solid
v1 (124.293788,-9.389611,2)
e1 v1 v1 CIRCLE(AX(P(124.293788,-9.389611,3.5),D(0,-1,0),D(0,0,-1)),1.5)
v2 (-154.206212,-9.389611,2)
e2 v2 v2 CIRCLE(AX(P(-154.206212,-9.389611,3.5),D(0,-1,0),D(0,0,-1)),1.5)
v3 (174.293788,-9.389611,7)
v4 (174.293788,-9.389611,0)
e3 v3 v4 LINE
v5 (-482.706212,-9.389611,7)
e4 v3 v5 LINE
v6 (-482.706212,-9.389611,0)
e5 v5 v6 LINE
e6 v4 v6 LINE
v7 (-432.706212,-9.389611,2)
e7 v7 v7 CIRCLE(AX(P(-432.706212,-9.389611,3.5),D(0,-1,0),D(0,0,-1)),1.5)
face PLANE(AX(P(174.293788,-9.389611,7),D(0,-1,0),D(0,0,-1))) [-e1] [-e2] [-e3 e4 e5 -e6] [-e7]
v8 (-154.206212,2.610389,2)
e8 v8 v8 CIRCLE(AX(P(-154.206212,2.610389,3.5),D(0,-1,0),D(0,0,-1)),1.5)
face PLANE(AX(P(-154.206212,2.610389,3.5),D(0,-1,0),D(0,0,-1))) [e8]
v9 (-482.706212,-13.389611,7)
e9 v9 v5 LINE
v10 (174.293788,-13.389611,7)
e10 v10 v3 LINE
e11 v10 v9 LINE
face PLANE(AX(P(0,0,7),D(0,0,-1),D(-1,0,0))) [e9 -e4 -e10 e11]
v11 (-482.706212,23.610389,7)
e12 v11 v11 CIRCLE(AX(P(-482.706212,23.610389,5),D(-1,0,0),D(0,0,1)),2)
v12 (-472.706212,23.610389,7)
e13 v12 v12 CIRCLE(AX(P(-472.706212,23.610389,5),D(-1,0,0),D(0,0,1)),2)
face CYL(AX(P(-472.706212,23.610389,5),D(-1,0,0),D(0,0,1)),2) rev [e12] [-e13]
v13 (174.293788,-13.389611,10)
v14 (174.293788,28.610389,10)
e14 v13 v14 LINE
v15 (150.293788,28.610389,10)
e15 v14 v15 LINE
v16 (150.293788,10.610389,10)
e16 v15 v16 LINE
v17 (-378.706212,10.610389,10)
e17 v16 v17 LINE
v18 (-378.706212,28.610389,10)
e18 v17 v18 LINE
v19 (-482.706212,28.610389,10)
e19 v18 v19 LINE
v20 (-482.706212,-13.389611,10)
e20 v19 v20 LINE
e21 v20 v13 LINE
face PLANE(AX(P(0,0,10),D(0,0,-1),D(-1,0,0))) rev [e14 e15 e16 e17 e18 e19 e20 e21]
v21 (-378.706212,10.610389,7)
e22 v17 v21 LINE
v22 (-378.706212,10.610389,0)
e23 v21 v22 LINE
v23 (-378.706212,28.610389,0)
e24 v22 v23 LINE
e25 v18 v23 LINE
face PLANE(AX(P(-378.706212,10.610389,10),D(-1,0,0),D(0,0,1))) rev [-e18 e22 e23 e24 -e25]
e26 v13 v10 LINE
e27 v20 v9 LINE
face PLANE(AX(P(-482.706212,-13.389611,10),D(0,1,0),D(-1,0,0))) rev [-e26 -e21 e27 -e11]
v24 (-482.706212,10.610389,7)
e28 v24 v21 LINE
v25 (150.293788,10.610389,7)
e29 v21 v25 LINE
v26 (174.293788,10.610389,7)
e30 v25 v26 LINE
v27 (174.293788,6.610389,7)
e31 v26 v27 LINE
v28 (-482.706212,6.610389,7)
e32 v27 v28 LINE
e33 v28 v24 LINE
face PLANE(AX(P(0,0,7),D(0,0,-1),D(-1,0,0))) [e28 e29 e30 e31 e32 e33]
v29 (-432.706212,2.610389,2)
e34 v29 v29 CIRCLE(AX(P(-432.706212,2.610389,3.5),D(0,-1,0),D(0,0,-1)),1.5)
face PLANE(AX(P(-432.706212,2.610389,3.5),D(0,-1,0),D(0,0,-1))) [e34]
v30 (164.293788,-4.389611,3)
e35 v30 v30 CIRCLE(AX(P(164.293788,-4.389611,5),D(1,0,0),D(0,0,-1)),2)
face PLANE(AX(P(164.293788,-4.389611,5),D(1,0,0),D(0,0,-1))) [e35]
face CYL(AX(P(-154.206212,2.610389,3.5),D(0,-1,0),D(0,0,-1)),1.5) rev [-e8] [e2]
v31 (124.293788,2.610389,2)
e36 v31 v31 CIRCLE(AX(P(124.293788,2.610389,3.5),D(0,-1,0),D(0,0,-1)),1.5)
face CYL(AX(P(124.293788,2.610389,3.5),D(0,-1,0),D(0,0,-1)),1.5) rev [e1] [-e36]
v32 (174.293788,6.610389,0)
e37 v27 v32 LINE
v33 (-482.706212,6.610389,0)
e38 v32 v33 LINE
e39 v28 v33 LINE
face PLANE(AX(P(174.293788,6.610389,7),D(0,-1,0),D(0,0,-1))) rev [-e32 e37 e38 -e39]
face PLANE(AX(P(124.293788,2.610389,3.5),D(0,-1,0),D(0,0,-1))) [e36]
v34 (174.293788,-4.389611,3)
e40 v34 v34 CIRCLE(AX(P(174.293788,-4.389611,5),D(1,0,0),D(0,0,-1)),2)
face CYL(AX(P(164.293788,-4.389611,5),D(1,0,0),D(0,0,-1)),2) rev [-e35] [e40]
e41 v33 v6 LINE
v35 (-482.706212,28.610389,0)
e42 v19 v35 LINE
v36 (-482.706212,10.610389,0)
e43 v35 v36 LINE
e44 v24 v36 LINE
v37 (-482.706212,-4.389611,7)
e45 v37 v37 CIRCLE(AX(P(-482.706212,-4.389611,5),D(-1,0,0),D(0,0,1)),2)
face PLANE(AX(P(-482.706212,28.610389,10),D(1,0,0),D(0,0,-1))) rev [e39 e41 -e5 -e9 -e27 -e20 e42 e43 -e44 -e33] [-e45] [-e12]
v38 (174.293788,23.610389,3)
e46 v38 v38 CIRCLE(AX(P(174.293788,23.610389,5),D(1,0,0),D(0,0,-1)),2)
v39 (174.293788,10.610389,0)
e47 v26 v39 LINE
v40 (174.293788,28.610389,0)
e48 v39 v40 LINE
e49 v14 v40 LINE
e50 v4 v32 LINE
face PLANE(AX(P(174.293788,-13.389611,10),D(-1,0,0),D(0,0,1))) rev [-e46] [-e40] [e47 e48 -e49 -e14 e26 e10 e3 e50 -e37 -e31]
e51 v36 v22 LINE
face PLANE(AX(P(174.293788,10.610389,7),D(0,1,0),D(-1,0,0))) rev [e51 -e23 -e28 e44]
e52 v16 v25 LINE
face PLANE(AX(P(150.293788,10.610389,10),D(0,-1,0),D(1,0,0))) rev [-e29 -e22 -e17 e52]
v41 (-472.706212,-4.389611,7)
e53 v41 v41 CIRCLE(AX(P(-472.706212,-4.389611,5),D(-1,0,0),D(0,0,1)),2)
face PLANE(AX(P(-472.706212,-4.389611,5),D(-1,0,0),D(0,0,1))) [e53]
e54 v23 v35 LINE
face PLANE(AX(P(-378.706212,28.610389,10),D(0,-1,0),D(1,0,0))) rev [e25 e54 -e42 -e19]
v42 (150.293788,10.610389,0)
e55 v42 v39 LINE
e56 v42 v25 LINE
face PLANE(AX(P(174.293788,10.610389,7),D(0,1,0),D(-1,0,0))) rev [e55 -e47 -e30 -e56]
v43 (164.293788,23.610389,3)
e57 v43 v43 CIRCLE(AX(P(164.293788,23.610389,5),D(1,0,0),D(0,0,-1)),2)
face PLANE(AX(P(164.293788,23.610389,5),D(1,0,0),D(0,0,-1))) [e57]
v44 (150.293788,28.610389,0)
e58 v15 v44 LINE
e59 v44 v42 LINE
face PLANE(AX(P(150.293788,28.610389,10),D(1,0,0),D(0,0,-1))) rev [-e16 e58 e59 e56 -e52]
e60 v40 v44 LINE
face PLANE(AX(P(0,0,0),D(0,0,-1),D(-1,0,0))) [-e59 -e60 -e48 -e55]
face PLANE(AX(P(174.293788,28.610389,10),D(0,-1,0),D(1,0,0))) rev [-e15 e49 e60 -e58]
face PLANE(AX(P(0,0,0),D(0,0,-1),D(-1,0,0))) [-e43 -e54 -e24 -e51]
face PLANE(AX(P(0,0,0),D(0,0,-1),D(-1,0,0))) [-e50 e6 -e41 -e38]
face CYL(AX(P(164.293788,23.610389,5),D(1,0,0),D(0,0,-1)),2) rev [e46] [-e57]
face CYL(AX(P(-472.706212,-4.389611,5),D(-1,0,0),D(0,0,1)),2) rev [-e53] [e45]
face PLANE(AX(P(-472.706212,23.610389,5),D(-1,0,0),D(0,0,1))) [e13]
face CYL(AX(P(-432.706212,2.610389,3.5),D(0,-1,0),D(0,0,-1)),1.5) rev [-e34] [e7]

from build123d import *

# Parameters (mm, degrees)
BOSS_EXTRUDE1_DEPTH = 10
SKETCH2_W           = 657
SKETCH2_H           = 4
CUT_EXTRUDE1_DEPTH  = 7
SKETCH3_W           = 657
SKETCH3_H           = 4
CUT_EXTRUDE2_DEPTH  = 7
SKETCH4_R           = 1.5
CUT_EXTRUDE3_DEPTH  = 12
SKETCH6_R           = 2
CUT_EXTRUDE4_DEPTH  = 10
CUT_EXTRUDE5_START  = -10
SKETCH7_R           = 2
CUT_EXTRUDE5_DEPTH  = 10


with BuildPart() as part:
    # Sketch1 → Boss-Extrude1 (new body)
    with BuildSketch(Plane.XY):
        Polygon((-482.706212002, 28.610388863), (-482.706212002, -13.389611137), (174.293787998, -13.389611137), (174.293787998, 28.610388863), (150.293787998, 28.610388863), (150.293787998, 10.610388863), (-378.706212002, 10.610388863), (-378.706212002, 28.610388863), align=None)
    extrude(amount=BOSS_EXTRUDE1_DEPTH)

    # Sketch2 → Cut-Extrude1 (cut)
    with BuildSketch(Plane(origin=(0, 0, 0), x_dir=(-1, 0, 0), z_dir=(0, 0, -1))):
        with Locations((154.206212002, 8.610388863)):
            Rectangle(SKETCH2_W, SKETCH2_H)
    extrude(amount=-CUT_EXTRUDE1_DEPTH, mode=Mode.SUBTRACT)

    # Sketch3 → Cut-Extrude2 (cut)
    with BuildSketch(Plane(origin=(0, 0, 0), x_dir=(-1, 0, 0), z_dir=(0, 0, -1))):
        with Locations((154.206212002, -11.389611137)):
            Rectangle(SKETCH3_W, SKETCH3_H)
    extrude(amount=-CUT_EXTRUDE2_DEPTH, mode=Mode.SUBTRACT)

    # Sketch4 → Cut-Extrude3 (cut)
    with BuildSketch(Plane.XZ.offset(9.389611137)):
        with Locations(Location((-432.706212002, 3.5, 0), (0, 0, 270))):
            Circle(SKETCH4_R)
        with Locations(Location((-154.206212002, 3.5, 0), (0, 0, 270))):
            Circle(SKETCH4_R)
        with Locations(Location((124.293787998, 3.5, 0), (0, 0, 270))):
            Circle(SKETCH4_R)
    extrude(amount=-CUT_EXTRUDE3_DEPTH, mode=Mode.SUBTRACT)

    # Sketch6 → Cut-Extrude4 (cut)
    with BuildSketch(Plane(origin=(174.293787998, 0, 0), x_dir=(0, 0, -1), z_dir=(1, 0, 0))):
        with Locations((-5, 23.610388863)):
            Circle(SKETCH6_R)
        with Locations((-5, -4.389611137)):
            Circle(SKETCH6_R)
    extrude(amount=-CUT_EXTRUDE4_DEPTH, mode=Mode.SUBTRACT)

    # Sketch7 → Cut-Extrude5 (cut)
    with BuildSketch(Plane.ZY.offset(482.706212002).offset(CUT_EXTRUDE5_START)):
        with Locations(Location((5, 23.610388863, 0), (0, 0, 180))):
            Circle(SKETCH7_R)
        with Locations(Location((5, -4.389611137, 0), (0, 0, 180))):
            Circle(SKETCH7_R)
    extrude(amount=CUT_EXTRUDE5_DEPTH, mode=Mode.SUBTRACT)


solid = part.part
